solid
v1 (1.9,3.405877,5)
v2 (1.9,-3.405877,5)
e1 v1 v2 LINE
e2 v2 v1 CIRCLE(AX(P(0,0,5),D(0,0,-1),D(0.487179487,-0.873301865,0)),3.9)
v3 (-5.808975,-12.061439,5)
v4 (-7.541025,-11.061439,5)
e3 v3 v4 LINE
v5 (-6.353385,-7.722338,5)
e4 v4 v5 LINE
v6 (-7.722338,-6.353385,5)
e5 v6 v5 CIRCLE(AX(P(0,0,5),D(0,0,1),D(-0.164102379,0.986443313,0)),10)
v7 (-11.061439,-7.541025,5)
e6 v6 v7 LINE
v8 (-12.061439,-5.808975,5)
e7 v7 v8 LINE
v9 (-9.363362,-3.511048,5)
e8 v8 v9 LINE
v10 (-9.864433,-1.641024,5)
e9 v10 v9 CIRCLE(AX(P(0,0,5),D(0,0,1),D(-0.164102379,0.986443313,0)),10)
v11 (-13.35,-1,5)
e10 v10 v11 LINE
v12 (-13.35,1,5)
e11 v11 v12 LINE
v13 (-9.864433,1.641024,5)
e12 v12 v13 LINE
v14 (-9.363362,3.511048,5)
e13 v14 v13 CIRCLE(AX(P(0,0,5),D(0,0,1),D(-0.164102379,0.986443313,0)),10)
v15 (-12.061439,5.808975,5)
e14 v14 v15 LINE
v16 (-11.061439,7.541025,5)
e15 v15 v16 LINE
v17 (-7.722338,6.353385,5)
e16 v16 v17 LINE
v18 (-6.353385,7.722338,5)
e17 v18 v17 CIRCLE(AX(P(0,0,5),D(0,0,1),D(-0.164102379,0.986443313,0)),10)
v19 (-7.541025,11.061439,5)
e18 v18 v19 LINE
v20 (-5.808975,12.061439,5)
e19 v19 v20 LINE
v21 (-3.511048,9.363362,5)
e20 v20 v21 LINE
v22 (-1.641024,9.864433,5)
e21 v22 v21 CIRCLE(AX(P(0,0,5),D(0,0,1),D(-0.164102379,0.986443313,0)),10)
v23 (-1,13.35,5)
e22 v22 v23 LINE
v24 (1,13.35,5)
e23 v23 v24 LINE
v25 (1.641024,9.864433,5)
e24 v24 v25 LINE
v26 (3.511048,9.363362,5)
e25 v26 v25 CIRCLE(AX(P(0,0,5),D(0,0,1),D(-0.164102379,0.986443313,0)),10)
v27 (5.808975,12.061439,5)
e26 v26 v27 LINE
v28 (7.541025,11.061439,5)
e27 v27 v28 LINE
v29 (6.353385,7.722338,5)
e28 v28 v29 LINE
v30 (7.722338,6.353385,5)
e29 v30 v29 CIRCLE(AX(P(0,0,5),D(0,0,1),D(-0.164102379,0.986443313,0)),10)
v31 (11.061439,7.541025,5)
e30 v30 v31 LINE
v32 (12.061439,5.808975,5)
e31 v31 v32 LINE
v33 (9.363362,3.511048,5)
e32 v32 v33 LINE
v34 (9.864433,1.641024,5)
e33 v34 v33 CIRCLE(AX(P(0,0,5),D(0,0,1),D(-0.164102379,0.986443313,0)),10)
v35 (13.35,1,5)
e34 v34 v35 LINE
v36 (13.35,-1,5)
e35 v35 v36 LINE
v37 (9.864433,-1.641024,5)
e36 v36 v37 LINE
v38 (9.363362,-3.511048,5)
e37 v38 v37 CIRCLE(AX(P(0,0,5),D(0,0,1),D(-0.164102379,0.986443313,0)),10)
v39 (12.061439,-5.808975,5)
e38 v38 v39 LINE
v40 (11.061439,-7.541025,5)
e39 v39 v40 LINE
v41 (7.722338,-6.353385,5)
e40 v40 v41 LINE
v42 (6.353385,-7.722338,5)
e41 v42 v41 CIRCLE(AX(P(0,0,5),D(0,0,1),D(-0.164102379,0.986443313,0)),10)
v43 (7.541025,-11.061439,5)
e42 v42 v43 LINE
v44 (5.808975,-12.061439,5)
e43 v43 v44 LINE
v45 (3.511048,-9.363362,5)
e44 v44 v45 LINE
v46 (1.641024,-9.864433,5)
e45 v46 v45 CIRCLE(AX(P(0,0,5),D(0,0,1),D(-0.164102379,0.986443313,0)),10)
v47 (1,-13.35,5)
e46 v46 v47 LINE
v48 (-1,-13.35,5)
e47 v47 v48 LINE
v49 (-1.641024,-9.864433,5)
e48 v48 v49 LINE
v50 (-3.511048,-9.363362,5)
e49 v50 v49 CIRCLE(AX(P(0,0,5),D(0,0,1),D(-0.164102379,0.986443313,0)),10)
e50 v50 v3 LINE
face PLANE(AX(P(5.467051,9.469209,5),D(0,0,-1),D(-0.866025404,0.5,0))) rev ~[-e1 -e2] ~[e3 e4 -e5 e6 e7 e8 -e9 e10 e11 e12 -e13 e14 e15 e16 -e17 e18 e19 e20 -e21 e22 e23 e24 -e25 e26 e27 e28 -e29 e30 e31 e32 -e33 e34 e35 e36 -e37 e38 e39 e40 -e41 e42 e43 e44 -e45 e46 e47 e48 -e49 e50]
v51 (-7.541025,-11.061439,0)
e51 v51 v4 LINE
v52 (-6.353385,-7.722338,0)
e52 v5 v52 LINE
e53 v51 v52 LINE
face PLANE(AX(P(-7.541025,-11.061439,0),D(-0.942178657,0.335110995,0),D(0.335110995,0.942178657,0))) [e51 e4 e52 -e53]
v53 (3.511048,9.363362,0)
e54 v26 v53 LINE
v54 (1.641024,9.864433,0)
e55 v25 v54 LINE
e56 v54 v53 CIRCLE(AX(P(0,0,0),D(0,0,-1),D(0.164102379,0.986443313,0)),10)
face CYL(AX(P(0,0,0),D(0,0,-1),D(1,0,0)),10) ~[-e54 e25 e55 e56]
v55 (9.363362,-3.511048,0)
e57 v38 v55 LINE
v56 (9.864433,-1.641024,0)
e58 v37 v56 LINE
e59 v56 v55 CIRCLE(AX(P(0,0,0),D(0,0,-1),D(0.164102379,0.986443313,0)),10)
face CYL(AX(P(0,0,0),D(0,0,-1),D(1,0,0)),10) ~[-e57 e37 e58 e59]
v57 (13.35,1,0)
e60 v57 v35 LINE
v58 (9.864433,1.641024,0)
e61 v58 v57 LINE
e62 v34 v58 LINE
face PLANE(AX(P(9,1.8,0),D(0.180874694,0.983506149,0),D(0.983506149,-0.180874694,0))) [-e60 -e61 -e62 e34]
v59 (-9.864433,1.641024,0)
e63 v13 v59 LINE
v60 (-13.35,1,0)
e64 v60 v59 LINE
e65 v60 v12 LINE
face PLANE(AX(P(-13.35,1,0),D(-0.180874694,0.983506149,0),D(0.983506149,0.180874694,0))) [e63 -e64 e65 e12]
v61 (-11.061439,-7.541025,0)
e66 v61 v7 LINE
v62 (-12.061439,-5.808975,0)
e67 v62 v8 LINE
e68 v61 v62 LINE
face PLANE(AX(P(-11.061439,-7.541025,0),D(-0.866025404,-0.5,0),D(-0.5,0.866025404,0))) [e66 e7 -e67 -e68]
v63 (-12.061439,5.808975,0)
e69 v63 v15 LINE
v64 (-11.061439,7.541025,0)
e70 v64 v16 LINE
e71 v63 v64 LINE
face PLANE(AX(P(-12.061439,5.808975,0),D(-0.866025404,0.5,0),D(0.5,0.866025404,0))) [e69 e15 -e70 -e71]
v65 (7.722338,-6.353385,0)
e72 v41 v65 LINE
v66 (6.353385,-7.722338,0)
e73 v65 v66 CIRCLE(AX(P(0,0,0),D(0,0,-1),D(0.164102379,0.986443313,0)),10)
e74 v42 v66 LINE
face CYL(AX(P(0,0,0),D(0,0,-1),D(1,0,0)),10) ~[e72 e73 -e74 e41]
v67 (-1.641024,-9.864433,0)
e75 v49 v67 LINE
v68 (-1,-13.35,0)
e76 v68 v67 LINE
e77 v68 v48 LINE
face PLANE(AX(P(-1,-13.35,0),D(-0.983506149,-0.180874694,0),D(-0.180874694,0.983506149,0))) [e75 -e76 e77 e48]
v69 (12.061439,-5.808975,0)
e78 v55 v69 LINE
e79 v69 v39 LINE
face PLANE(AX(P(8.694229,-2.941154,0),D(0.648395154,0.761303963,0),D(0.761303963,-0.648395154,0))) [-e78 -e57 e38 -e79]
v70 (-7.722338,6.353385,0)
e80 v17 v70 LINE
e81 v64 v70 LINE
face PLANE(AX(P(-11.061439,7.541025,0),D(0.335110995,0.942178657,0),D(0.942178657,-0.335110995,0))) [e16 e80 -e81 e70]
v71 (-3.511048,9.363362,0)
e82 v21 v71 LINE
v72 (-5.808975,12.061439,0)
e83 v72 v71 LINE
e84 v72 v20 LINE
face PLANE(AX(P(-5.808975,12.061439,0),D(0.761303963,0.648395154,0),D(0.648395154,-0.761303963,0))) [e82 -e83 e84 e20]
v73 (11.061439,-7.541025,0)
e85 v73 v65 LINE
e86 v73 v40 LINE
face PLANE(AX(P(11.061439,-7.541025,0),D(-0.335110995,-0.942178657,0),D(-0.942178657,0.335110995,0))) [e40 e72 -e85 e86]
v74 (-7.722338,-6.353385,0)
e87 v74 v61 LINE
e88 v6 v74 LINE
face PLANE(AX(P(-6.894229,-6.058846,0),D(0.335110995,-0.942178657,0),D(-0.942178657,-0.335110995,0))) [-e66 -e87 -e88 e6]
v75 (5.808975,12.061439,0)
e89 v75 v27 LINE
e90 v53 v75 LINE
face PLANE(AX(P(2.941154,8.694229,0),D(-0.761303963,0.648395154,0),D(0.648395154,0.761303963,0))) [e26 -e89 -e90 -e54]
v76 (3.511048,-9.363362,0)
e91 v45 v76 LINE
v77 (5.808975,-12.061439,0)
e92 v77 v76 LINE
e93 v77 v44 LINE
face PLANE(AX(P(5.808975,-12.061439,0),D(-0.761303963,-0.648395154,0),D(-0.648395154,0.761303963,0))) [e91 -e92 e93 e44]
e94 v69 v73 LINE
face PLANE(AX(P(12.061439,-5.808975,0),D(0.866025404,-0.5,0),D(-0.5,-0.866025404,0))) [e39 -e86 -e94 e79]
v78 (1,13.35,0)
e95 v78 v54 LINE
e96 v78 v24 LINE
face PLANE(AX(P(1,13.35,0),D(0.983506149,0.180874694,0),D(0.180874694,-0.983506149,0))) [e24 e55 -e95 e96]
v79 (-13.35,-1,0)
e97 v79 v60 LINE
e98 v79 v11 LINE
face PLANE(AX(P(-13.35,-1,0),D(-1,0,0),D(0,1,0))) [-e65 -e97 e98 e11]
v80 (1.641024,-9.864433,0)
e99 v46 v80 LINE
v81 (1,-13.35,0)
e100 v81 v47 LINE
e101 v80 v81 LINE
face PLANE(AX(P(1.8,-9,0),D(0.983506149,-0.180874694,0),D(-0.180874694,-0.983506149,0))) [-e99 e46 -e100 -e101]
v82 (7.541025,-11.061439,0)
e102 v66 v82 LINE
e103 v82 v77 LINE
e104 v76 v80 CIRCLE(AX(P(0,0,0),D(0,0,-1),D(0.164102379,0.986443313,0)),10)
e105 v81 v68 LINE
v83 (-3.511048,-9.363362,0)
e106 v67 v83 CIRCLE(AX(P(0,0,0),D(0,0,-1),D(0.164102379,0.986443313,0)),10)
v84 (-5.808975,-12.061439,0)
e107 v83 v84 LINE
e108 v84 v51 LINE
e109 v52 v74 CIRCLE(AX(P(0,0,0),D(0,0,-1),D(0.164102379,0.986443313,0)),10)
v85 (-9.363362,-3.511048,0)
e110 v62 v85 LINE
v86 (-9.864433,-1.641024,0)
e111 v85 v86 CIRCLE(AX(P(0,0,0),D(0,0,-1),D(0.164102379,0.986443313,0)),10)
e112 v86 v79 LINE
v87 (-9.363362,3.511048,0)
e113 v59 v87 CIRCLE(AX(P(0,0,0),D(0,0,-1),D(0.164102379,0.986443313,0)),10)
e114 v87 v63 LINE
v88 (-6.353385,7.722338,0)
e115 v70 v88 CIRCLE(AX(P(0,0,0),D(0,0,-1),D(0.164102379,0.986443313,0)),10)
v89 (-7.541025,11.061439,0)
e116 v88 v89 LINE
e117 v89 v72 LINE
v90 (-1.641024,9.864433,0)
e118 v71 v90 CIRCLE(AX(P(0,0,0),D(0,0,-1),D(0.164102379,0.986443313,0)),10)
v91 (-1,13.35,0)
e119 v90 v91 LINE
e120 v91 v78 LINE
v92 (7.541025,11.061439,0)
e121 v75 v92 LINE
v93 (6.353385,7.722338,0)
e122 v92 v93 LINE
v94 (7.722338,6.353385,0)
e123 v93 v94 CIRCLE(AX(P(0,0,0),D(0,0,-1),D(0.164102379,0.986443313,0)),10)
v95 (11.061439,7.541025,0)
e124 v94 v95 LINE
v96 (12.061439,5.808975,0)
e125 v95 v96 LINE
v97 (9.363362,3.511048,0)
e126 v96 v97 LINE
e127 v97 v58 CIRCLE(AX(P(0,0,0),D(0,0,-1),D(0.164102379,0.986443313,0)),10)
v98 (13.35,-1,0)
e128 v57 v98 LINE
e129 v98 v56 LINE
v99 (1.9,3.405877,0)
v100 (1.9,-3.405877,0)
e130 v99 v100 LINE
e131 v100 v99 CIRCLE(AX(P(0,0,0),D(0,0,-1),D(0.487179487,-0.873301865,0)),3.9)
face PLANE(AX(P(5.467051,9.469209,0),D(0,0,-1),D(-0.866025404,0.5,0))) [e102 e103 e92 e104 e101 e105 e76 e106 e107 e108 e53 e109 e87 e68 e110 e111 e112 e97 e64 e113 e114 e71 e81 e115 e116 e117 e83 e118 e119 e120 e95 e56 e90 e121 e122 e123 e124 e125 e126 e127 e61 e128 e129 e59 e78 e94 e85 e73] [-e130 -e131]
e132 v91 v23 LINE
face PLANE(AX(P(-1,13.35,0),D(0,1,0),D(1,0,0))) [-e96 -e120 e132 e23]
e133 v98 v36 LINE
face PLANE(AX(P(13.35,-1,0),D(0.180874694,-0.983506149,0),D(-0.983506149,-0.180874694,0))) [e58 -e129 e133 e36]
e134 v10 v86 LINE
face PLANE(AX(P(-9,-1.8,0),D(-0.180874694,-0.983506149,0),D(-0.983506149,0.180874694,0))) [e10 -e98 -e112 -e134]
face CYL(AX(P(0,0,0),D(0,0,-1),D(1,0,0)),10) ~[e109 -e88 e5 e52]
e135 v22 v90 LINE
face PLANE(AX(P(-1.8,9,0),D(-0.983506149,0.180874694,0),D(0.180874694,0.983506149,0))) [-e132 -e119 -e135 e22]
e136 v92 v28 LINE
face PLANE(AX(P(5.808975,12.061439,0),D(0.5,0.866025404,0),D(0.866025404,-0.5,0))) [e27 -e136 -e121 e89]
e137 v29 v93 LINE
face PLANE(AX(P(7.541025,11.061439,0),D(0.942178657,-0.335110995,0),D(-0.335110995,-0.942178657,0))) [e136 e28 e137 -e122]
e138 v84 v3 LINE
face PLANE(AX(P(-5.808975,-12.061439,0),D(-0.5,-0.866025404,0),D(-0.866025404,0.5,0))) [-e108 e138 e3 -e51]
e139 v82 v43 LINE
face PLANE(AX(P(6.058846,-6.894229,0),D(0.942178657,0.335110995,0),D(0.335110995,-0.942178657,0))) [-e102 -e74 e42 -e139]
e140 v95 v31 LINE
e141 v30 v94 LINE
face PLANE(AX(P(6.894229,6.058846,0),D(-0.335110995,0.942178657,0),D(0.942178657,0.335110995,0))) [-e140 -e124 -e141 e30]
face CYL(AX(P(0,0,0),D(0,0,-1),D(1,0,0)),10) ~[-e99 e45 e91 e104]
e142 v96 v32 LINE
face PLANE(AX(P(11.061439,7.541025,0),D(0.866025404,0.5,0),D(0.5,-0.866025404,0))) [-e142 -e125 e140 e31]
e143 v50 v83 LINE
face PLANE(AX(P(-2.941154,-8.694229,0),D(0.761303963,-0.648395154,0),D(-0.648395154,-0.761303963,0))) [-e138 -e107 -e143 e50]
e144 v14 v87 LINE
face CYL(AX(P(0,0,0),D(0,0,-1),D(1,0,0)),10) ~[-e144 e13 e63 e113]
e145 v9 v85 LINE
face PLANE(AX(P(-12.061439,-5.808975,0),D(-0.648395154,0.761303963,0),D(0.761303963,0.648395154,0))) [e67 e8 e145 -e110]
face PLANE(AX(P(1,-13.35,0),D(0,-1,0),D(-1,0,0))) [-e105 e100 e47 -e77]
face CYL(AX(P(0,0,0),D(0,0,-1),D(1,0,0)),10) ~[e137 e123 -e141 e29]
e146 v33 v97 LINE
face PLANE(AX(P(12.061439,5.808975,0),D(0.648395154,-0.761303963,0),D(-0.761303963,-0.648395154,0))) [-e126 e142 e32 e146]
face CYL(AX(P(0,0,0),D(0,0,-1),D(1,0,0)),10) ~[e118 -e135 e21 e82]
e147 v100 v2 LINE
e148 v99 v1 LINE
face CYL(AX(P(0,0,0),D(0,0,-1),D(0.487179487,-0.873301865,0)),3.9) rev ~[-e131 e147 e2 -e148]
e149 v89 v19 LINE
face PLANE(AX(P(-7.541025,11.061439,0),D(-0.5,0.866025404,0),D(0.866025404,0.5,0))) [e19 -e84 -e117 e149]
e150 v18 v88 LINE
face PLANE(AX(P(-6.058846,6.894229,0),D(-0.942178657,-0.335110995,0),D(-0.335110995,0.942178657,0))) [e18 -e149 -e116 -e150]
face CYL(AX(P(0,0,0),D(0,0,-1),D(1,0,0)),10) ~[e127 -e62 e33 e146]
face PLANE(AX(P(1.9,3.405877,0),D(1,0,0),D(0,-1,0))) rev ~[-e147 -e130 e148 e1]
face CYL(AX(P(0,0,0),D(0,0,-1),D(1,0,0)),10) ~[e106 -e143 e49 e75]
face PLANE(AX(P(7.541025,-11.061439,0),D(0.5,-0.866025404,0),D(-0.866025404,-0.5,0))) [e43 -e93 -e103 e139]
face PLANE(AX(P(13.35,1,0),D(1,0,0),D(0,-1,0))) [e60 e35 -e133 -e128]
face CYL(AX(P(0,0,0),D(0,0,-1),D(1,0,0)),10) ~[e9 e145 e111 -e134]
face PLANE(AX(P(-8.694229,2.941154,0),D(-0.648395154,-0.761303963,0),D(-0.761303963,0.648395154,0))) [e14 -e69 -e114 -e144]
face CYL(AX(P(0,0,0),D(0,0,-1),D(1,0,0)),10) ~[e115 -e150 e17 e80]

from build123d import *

# Parameters (mm, degrees)
SKETCH1_R           = 10
BOSS_EXTRUDE1_DEPTH = 5
BOSS_EXTRUDE2_DEPTH = 5
CIRPATTERN1_COUNT   = 12
CUT_EXTRUDE1_DEPTH  = 7


with BuildPart() as part:
    # Sketch1 → Boss-Extrude1 (new body)
    with BuildSketch(Plane.XY):
        Circle(SKETCH1_R)
    extrude(amount=BOSS_EXTRUDE1_DEPTH)

    # Sketch3 → Boss-Extrude2 (add)
    with BuildSketch(Plane.XY):
        Polygon((-1, 13.35), (1, 13.35), (1.8, 9), (-1.8, 9), align=None)
    boss_extrude2 = extrude(amount=BOSS_EXTRUDE2_DEPTH)

    # CirPattern1: Boss-Extrude2 ×12 about axis
    cirpattern1_axis = Axis((0, 0, 0), (0, 0, 1))
    for i in range(1, CIRPATTERN1_COUNT):
        add(boss_extrude2.rotate(cirpattern1_axis, i * 360 / CIRPATTERN1_COUNT))

    # Sketch4 → Cut-Extrude1 (cut)
    with BuildSketch(Plane.XY):
        with BuildLine():
            Line((1.9, 3.405877273), (1.9, -3.405877273))
            ThreePointArc((1.9, -3.405877273), (-3.9, 0), (1.9, 3.405877273))
        make_face()
    extrude(amount=CUT_EXTRUDE1_DEPTH, mode=Mode.SUBTRACT)


solid = part.part
